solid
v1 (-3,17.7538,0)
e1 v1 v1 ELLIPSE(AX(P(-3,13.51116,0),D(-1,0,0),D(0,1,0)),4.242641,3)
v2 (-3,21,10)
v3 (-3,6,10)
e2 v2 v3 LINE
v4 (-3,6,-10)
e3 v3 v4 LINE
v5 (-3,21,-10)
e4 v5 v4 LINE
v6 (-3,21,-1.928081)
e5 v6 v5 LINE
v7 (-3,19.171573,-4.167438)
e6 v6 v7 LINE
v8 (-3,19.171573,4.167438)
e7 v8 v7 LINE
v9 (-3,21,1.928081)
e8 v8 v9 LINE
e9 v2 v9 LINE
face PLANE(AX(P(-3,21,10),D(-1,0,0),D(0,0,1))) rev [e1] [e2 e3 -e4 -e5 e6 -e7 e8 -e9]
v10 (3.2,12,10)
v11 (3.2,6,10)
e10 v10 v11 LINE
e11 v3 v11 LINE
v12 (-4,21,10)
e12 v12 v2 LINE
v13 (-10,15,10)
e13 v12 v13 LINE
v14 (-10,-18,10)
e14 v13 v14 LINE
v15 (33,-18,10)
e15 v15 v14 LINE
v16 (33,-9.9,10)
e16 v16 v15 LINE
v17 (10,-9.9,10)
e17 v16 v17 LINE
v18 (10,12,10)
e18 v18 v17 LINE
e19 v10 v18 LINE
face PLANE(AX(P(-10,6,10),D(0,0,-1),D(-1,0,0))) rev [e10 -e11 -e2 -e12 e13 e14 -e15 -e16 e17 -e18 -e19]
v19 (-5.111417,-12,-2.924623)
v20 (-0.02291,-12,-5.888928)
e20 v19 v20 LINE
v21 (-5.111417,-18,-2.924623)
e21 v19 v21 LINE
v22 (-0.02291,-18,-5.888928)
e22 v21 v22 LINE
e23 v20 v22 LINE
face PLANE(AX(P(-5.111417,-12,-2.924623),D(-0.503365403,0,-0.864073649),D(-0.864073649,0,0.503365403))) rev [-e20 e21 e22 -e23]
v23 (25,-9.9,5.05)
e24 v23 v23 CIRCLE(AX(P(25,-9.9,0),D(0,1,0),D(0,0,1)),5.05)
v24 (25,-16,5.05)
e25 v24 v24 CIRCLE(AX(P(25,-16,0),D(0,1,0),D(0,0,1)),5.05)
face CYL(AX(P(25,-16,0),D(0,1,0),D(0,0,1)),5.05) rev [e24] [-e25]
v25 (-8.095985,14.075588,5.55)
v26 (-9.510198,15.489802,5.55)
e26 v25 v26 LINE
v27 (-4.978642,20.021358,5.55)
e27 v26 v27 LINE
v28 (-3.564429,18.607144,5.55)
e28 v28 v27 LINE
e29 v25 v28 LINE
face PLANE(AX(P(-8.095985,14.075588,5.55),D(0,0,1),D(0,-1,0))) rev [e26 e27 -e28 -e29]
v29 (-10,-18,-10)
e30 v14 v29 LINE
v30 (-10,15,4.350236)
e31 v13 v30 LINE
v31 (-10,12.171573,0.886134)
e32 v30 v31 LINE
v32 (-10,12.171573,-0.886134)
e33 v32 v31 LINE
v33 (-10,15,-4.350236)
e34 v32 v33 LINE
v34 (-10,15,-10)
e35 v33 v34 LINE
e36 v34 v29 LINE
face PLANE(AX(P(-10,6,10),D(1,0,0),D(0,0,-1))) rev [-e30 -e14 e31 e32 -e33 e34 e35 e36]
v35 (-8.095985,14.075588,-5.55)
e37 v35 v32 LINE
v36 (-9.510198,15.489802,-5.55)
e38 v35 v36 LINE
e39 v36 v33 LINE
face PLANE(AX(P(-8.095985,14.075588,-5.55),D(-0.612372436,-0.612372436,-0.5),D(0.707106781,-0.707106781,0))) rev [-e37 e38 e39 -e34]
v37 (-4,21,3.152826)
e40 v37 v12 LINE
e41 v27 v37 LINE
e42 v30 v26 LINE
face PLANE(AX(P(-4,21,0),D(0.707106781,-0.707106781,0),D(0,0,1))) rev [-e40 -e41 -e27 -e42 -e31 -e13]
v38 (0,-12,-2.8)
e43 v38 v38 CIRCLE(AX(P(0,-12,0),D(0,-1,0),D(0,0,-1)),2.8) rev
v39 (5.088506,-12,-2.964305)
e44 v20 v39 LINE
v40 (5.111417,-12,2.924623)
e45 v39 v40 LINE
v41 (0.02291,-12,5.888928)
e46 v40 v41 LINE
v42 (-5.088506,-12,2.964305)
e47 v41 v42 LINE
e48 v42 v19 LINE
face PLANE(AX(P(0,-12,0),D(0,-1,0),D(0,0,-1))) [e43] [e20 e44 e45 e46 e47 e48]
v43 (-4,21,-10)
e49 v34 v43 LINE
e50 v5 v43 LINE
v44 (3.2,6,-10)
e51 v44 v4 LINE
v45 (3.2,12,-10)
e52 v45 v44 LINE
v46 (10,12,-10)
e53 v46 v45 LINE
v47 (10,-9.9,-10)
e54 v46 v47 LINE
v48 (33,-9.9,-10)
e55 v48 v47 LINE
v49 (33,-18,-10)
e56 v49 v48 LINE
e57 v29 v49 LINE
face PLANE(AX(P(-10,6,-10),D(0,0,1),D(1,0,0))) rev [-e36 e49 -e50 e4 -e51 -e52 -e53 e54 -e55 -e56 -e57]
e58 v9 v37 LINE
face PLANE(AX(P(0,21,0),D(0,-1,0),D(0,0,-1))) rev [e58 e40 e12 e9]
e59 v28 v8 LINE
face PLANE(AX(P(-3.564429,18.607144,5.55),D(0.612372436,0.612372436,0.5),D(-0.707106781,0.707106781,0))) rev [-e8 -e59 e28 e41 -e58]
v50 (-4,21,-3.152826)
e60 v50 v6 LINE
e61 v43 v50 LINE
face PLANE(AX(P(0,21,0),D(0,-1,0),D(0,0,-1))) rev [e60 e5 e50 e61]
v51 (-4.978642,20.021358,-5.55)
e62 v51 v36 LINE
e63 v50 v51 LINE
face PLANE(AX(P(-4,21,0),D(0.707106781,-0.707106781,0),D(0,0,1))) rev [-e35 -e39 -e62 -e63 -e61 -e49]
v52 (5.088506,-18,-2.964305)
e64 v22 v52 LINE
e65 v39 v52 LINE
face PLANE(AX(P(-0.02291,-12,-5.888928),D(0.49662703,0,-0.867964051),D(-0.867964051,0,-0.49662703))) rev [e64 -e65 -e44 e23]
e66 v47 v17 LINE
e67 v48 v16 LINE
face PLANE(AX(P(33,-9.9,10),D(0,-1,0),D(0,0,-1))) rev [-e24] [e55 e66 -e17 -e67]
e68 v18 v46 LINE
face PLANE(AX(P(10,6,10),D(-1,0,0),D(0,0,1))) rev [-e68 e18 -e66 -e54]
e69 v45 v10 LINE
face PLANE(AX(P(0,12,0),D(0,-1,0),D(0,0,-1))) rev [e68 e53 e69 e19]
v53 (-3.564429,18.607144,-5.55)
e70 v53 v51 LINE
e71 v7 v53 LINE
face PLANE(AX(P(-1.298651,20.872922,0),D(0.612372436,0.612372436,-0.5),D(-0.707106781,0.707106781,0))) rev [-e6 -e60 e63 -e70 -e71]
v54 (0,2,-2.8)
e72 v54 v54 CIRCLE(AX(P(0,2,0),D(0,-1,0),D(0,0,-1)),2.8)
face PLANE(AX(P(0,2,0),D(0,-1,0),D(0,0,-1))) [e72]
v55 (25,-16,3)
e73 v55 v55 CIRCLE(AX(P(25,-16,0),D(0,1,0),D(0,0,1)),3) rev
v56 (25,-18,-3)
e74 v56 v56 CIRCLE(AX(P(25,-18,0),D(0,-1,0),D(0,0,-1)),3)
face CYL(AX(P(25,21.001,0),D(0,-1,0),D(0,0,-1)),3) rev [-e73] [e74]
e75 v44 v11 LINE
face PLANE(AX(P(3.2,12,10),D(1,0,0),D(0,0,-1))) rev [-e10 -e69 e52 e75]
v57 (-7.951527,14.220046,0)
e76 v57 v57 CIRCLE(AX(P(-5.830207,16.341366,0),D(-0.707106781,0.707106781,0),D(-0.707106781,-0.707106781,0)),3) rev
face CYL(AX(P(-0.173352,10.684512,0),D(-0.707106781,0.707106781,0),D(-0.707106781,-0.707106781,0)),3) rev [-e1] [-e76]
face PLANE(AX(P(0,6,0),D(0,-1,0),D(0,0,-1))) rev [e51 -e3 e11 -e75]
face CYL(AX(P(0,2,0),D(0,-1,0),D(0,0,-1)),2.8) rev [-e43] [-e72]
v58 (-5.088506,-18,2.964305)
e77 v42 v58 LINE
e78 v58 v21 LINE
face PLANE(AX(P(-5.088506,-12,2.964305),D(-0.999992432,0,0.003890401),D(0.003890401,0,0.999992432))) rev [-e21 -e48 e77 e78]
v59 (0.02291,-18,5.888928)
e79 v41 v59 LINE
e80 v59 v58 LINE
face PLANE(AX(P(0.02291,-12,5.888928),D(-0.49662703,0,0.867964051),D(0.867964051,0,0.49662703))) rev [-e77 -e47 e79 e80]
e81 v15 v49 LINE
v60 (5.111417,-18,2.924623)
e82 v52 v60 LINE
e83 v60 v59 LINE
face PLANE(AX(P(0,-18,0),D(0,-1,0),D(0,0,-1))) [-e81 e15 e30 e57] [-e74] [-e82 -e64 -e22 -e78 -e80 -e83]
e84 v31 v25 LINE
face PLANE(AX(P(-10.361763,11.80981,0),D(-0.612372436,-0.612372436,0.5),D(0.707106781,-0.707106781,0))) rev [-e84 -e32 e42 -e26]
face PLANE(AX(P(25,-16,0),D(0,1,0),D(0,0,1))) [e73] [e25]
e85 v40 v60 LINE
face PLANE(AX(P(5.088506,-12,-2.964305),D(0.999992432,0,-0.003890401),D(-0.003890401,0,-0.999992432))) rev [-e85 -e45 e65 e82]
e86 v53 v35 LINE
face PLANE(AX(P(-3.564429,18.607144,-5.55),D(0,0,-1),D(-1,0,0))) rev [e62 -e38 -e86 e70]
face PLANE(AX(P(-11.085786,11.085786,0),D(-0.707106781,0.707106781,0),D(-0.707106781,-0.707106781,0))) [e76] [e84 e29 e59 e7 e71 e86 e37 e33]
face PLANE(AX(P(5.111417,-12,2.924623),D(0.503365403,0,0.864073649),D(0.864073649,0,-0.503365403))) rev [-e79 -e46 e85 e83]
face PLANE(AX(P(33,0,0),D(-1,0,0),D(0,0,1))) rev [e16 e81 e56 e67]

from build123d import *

# Parameters (mm, degrees)
SKETCH1_W           = 20
SKETCH1_H           = 20
BOSS_EXTRUDE1_DEPTH = 6
SKETCH2_W           = 6.8
SKETCH2_H           = 20
BOSS_EXTRUDE2_DEPTH = 6
SKETCH3_W           = 7
SKETCH3_H           = 20
BOSS_EXTRUDE3_DEPTH = 15
CHAMFER1_SIZE       = 6
SKETCH4_R           = 3
CUT_EXTRUDE1_DEPTH  = 10
SKETCH5_W           = 20
SKETCH5_H           = 20
BOSS_EXTRUDE4_DEPTH = 18
CUT_EXTRUDE2_DEPTH  = 2
SKETCH7_R           = 2.8
CUT_EXTRUDE3_DEPTH  = 20
CUT_EXTRUDE4_DEPTH  = 6
SKETCH9_W           = 20
SKETCH9_H           = 8.1
BOSS_EXTRUDE5_DEPTH = 23
CUT_EXTRUDE5_REACH  = 54.058
SKETCH10_R          = 3
SKETCH11_R          = 5.05
CUT_EXTRUDE6_DEPTH  = 6.1


with BuildPart() as part:
    # Sketch1 → Boss-Extrude1 (new body)
    with BuildSketch(Plane(origin=(0, 0, 0), x_dir=(1, 0, 0), z_dir=(0, 1, 0))):
        Rectangle(SKETCH1_W, SKETCH1_H)
    extrude(amount=BOSS_EXTRUDE1_DEPTH)

    # Sketch2 → Boss-Extrude2 (add)
    with BuildSketch(Plane(origin=(0, 6, 0), x_dir=(1, 0, 0), z_dir=(0, 1, 0))):
        with Locations((6.6, 0)):
            Rectangle(SKETCH2_W, SKETCH2_H)
    extrude(amount=BOSS_EXTRUDE2_DEPTH)

    # Sketch3 → Boss-Extrude3 (add)
    with BuildSketch(Plane(origin=(0, 6, 0), x_dir=(1, 0, 0), z_dir=(0, 1, 0))):
        with Locations((-6.5, 0)):
            Rectangle(SKETCH3_W, SKETCH3_H)
    extrude(amount=BOSS_EXTRUDE3_DEPTH)

    # Chamfer1
    chamfer1_edges = [part.edges().sort_by_distance(p)[0] for p in [
        (-10, 21, 0),
    ]]
    chamfer(chamfer1_edges, length=CHAMFER1_SIZE)

    # Sketch4 → Cut-Extrude1 (cut)
    with BuildSketch(Plane(origin=(-12.5, 12.5, 0), x_dir=(0, 0, 1), z_dir=(-0.7071067811865489, 0.7071067811865462, 0))):
        with Locations(Location((0, 7.432512212, 0), (0, 0, 270))):
            Circle(SKETCH4_R)
    extrude(amount=-CUT_EXTRUDE1_DEPTH, mode=Mode.SUBTRACT)

    # Sketch5 → Boss-Extrude4 (add)
    with BuildSketch(Plane.XZ):
        Rectangle(SKETCH5_W, SKETCH5_H)
    extrude(amount=BOSS_EXTRUDE4_DEPTH)

    # Sketch6 → Cut-Extrude2 (cut)
    with BuildSketch(Plane(origin=(-12.5, 12.5, 0), x_dir=(0, 0, 1), z_dir=(-0.7071067811865489, 0.7071067811865462, 0))):
        Polygon((0, 13.8411002), (-5.55, 10.636806206), (-5.55, 4.228218218), (0, 1.023924224), (5.55, 4.228218218), (5.55, 10.636806206), align=None)
    extrude(amount=-CUT_EXTRUDE2_DEPTH, mode=Mode.SUBTRACT)

    # Sketch7 → Cut-Extrude3 (cut)
    with BuildSketch(Plane(origin=(0, -18, 0), x_dir=(-1, 0, 0), z_dir=(0, -1, 0))):
        with Locations(Location((0, 0, 0), (0, 0, 90))):
            Circle(SKETCH7_R)
    extrude(amount=-CUT_EXTRUDE3_DEPTH, mode=Mode.SUBTRACT)

    # Sketch8 → Cut-Extrude4 (cut)
    with BuildSketch(Plane(origin=(0, -18, 0), x_dir=(-1, 0, 0), z_dir=(0, -1, 0))):
        Polygon((5.088506171, -2.964305137), (5.111416639, 2.924623043), (0.022910468, 5.88892818), (-5.088506171, 2.964305137), (-5.111416639, -2.924623043), (-0.022910468, -5.88892818), align=None)
    extrude(amount=-CUT_EXTRUDE4_DEPTH, mode=Mode.SUBTRACT)

    # Sketch9 → Boss-Extrude5 (add)
    with BuildSketch(Plane(origin=(10, 0, 0), x_dir=(0, 0, -1), z_dir=(1, 0, 0))):
        with Locations((0, -13.95)):
            Rectangle(SKETCH9_W, SKETCH9_H)
    extrude(amount=BOSS_EXTRUDE5_DEPTH)

    # Sketch10 → Cut-Extrude5 (cut, up to next)
    with BuildSketch(Plane.XZ.offset(18), mode=Mode.PRIVATE) as cut_extrude5_sk1:
        with Locations(Location((25, 0, 0), (0, 0, 270))):
            Circle(SKETCH10_R)
    cut_extrude5_tool1 = extrude(cut_extrude5_sk1.sketch, amount=-CUT_EXTRUDE5_REACH, mode=Mode.PRIVATE) & part.part
    add(cut_extrude5_tool1.solids().sort_by_distance((25, -18, 0))[0], mode=Mode.SUBTRACT)

    # Sketch11 → Cut-Extrude6 (cut)
    with BuildSketch(Plane(origin=(0, -9.9, 0), x_dir=(1, 0, 0), z_dir=(0, 1, 0))):
        with Locations(Location((25, 0, 0), (0, 0, 270))):
            Circle(SKETCH11_R)
    extrude(amount=-CUT_EXTRUDE6_DEPTH, mode=Mode.SUBTRACT)


solid = part.part
